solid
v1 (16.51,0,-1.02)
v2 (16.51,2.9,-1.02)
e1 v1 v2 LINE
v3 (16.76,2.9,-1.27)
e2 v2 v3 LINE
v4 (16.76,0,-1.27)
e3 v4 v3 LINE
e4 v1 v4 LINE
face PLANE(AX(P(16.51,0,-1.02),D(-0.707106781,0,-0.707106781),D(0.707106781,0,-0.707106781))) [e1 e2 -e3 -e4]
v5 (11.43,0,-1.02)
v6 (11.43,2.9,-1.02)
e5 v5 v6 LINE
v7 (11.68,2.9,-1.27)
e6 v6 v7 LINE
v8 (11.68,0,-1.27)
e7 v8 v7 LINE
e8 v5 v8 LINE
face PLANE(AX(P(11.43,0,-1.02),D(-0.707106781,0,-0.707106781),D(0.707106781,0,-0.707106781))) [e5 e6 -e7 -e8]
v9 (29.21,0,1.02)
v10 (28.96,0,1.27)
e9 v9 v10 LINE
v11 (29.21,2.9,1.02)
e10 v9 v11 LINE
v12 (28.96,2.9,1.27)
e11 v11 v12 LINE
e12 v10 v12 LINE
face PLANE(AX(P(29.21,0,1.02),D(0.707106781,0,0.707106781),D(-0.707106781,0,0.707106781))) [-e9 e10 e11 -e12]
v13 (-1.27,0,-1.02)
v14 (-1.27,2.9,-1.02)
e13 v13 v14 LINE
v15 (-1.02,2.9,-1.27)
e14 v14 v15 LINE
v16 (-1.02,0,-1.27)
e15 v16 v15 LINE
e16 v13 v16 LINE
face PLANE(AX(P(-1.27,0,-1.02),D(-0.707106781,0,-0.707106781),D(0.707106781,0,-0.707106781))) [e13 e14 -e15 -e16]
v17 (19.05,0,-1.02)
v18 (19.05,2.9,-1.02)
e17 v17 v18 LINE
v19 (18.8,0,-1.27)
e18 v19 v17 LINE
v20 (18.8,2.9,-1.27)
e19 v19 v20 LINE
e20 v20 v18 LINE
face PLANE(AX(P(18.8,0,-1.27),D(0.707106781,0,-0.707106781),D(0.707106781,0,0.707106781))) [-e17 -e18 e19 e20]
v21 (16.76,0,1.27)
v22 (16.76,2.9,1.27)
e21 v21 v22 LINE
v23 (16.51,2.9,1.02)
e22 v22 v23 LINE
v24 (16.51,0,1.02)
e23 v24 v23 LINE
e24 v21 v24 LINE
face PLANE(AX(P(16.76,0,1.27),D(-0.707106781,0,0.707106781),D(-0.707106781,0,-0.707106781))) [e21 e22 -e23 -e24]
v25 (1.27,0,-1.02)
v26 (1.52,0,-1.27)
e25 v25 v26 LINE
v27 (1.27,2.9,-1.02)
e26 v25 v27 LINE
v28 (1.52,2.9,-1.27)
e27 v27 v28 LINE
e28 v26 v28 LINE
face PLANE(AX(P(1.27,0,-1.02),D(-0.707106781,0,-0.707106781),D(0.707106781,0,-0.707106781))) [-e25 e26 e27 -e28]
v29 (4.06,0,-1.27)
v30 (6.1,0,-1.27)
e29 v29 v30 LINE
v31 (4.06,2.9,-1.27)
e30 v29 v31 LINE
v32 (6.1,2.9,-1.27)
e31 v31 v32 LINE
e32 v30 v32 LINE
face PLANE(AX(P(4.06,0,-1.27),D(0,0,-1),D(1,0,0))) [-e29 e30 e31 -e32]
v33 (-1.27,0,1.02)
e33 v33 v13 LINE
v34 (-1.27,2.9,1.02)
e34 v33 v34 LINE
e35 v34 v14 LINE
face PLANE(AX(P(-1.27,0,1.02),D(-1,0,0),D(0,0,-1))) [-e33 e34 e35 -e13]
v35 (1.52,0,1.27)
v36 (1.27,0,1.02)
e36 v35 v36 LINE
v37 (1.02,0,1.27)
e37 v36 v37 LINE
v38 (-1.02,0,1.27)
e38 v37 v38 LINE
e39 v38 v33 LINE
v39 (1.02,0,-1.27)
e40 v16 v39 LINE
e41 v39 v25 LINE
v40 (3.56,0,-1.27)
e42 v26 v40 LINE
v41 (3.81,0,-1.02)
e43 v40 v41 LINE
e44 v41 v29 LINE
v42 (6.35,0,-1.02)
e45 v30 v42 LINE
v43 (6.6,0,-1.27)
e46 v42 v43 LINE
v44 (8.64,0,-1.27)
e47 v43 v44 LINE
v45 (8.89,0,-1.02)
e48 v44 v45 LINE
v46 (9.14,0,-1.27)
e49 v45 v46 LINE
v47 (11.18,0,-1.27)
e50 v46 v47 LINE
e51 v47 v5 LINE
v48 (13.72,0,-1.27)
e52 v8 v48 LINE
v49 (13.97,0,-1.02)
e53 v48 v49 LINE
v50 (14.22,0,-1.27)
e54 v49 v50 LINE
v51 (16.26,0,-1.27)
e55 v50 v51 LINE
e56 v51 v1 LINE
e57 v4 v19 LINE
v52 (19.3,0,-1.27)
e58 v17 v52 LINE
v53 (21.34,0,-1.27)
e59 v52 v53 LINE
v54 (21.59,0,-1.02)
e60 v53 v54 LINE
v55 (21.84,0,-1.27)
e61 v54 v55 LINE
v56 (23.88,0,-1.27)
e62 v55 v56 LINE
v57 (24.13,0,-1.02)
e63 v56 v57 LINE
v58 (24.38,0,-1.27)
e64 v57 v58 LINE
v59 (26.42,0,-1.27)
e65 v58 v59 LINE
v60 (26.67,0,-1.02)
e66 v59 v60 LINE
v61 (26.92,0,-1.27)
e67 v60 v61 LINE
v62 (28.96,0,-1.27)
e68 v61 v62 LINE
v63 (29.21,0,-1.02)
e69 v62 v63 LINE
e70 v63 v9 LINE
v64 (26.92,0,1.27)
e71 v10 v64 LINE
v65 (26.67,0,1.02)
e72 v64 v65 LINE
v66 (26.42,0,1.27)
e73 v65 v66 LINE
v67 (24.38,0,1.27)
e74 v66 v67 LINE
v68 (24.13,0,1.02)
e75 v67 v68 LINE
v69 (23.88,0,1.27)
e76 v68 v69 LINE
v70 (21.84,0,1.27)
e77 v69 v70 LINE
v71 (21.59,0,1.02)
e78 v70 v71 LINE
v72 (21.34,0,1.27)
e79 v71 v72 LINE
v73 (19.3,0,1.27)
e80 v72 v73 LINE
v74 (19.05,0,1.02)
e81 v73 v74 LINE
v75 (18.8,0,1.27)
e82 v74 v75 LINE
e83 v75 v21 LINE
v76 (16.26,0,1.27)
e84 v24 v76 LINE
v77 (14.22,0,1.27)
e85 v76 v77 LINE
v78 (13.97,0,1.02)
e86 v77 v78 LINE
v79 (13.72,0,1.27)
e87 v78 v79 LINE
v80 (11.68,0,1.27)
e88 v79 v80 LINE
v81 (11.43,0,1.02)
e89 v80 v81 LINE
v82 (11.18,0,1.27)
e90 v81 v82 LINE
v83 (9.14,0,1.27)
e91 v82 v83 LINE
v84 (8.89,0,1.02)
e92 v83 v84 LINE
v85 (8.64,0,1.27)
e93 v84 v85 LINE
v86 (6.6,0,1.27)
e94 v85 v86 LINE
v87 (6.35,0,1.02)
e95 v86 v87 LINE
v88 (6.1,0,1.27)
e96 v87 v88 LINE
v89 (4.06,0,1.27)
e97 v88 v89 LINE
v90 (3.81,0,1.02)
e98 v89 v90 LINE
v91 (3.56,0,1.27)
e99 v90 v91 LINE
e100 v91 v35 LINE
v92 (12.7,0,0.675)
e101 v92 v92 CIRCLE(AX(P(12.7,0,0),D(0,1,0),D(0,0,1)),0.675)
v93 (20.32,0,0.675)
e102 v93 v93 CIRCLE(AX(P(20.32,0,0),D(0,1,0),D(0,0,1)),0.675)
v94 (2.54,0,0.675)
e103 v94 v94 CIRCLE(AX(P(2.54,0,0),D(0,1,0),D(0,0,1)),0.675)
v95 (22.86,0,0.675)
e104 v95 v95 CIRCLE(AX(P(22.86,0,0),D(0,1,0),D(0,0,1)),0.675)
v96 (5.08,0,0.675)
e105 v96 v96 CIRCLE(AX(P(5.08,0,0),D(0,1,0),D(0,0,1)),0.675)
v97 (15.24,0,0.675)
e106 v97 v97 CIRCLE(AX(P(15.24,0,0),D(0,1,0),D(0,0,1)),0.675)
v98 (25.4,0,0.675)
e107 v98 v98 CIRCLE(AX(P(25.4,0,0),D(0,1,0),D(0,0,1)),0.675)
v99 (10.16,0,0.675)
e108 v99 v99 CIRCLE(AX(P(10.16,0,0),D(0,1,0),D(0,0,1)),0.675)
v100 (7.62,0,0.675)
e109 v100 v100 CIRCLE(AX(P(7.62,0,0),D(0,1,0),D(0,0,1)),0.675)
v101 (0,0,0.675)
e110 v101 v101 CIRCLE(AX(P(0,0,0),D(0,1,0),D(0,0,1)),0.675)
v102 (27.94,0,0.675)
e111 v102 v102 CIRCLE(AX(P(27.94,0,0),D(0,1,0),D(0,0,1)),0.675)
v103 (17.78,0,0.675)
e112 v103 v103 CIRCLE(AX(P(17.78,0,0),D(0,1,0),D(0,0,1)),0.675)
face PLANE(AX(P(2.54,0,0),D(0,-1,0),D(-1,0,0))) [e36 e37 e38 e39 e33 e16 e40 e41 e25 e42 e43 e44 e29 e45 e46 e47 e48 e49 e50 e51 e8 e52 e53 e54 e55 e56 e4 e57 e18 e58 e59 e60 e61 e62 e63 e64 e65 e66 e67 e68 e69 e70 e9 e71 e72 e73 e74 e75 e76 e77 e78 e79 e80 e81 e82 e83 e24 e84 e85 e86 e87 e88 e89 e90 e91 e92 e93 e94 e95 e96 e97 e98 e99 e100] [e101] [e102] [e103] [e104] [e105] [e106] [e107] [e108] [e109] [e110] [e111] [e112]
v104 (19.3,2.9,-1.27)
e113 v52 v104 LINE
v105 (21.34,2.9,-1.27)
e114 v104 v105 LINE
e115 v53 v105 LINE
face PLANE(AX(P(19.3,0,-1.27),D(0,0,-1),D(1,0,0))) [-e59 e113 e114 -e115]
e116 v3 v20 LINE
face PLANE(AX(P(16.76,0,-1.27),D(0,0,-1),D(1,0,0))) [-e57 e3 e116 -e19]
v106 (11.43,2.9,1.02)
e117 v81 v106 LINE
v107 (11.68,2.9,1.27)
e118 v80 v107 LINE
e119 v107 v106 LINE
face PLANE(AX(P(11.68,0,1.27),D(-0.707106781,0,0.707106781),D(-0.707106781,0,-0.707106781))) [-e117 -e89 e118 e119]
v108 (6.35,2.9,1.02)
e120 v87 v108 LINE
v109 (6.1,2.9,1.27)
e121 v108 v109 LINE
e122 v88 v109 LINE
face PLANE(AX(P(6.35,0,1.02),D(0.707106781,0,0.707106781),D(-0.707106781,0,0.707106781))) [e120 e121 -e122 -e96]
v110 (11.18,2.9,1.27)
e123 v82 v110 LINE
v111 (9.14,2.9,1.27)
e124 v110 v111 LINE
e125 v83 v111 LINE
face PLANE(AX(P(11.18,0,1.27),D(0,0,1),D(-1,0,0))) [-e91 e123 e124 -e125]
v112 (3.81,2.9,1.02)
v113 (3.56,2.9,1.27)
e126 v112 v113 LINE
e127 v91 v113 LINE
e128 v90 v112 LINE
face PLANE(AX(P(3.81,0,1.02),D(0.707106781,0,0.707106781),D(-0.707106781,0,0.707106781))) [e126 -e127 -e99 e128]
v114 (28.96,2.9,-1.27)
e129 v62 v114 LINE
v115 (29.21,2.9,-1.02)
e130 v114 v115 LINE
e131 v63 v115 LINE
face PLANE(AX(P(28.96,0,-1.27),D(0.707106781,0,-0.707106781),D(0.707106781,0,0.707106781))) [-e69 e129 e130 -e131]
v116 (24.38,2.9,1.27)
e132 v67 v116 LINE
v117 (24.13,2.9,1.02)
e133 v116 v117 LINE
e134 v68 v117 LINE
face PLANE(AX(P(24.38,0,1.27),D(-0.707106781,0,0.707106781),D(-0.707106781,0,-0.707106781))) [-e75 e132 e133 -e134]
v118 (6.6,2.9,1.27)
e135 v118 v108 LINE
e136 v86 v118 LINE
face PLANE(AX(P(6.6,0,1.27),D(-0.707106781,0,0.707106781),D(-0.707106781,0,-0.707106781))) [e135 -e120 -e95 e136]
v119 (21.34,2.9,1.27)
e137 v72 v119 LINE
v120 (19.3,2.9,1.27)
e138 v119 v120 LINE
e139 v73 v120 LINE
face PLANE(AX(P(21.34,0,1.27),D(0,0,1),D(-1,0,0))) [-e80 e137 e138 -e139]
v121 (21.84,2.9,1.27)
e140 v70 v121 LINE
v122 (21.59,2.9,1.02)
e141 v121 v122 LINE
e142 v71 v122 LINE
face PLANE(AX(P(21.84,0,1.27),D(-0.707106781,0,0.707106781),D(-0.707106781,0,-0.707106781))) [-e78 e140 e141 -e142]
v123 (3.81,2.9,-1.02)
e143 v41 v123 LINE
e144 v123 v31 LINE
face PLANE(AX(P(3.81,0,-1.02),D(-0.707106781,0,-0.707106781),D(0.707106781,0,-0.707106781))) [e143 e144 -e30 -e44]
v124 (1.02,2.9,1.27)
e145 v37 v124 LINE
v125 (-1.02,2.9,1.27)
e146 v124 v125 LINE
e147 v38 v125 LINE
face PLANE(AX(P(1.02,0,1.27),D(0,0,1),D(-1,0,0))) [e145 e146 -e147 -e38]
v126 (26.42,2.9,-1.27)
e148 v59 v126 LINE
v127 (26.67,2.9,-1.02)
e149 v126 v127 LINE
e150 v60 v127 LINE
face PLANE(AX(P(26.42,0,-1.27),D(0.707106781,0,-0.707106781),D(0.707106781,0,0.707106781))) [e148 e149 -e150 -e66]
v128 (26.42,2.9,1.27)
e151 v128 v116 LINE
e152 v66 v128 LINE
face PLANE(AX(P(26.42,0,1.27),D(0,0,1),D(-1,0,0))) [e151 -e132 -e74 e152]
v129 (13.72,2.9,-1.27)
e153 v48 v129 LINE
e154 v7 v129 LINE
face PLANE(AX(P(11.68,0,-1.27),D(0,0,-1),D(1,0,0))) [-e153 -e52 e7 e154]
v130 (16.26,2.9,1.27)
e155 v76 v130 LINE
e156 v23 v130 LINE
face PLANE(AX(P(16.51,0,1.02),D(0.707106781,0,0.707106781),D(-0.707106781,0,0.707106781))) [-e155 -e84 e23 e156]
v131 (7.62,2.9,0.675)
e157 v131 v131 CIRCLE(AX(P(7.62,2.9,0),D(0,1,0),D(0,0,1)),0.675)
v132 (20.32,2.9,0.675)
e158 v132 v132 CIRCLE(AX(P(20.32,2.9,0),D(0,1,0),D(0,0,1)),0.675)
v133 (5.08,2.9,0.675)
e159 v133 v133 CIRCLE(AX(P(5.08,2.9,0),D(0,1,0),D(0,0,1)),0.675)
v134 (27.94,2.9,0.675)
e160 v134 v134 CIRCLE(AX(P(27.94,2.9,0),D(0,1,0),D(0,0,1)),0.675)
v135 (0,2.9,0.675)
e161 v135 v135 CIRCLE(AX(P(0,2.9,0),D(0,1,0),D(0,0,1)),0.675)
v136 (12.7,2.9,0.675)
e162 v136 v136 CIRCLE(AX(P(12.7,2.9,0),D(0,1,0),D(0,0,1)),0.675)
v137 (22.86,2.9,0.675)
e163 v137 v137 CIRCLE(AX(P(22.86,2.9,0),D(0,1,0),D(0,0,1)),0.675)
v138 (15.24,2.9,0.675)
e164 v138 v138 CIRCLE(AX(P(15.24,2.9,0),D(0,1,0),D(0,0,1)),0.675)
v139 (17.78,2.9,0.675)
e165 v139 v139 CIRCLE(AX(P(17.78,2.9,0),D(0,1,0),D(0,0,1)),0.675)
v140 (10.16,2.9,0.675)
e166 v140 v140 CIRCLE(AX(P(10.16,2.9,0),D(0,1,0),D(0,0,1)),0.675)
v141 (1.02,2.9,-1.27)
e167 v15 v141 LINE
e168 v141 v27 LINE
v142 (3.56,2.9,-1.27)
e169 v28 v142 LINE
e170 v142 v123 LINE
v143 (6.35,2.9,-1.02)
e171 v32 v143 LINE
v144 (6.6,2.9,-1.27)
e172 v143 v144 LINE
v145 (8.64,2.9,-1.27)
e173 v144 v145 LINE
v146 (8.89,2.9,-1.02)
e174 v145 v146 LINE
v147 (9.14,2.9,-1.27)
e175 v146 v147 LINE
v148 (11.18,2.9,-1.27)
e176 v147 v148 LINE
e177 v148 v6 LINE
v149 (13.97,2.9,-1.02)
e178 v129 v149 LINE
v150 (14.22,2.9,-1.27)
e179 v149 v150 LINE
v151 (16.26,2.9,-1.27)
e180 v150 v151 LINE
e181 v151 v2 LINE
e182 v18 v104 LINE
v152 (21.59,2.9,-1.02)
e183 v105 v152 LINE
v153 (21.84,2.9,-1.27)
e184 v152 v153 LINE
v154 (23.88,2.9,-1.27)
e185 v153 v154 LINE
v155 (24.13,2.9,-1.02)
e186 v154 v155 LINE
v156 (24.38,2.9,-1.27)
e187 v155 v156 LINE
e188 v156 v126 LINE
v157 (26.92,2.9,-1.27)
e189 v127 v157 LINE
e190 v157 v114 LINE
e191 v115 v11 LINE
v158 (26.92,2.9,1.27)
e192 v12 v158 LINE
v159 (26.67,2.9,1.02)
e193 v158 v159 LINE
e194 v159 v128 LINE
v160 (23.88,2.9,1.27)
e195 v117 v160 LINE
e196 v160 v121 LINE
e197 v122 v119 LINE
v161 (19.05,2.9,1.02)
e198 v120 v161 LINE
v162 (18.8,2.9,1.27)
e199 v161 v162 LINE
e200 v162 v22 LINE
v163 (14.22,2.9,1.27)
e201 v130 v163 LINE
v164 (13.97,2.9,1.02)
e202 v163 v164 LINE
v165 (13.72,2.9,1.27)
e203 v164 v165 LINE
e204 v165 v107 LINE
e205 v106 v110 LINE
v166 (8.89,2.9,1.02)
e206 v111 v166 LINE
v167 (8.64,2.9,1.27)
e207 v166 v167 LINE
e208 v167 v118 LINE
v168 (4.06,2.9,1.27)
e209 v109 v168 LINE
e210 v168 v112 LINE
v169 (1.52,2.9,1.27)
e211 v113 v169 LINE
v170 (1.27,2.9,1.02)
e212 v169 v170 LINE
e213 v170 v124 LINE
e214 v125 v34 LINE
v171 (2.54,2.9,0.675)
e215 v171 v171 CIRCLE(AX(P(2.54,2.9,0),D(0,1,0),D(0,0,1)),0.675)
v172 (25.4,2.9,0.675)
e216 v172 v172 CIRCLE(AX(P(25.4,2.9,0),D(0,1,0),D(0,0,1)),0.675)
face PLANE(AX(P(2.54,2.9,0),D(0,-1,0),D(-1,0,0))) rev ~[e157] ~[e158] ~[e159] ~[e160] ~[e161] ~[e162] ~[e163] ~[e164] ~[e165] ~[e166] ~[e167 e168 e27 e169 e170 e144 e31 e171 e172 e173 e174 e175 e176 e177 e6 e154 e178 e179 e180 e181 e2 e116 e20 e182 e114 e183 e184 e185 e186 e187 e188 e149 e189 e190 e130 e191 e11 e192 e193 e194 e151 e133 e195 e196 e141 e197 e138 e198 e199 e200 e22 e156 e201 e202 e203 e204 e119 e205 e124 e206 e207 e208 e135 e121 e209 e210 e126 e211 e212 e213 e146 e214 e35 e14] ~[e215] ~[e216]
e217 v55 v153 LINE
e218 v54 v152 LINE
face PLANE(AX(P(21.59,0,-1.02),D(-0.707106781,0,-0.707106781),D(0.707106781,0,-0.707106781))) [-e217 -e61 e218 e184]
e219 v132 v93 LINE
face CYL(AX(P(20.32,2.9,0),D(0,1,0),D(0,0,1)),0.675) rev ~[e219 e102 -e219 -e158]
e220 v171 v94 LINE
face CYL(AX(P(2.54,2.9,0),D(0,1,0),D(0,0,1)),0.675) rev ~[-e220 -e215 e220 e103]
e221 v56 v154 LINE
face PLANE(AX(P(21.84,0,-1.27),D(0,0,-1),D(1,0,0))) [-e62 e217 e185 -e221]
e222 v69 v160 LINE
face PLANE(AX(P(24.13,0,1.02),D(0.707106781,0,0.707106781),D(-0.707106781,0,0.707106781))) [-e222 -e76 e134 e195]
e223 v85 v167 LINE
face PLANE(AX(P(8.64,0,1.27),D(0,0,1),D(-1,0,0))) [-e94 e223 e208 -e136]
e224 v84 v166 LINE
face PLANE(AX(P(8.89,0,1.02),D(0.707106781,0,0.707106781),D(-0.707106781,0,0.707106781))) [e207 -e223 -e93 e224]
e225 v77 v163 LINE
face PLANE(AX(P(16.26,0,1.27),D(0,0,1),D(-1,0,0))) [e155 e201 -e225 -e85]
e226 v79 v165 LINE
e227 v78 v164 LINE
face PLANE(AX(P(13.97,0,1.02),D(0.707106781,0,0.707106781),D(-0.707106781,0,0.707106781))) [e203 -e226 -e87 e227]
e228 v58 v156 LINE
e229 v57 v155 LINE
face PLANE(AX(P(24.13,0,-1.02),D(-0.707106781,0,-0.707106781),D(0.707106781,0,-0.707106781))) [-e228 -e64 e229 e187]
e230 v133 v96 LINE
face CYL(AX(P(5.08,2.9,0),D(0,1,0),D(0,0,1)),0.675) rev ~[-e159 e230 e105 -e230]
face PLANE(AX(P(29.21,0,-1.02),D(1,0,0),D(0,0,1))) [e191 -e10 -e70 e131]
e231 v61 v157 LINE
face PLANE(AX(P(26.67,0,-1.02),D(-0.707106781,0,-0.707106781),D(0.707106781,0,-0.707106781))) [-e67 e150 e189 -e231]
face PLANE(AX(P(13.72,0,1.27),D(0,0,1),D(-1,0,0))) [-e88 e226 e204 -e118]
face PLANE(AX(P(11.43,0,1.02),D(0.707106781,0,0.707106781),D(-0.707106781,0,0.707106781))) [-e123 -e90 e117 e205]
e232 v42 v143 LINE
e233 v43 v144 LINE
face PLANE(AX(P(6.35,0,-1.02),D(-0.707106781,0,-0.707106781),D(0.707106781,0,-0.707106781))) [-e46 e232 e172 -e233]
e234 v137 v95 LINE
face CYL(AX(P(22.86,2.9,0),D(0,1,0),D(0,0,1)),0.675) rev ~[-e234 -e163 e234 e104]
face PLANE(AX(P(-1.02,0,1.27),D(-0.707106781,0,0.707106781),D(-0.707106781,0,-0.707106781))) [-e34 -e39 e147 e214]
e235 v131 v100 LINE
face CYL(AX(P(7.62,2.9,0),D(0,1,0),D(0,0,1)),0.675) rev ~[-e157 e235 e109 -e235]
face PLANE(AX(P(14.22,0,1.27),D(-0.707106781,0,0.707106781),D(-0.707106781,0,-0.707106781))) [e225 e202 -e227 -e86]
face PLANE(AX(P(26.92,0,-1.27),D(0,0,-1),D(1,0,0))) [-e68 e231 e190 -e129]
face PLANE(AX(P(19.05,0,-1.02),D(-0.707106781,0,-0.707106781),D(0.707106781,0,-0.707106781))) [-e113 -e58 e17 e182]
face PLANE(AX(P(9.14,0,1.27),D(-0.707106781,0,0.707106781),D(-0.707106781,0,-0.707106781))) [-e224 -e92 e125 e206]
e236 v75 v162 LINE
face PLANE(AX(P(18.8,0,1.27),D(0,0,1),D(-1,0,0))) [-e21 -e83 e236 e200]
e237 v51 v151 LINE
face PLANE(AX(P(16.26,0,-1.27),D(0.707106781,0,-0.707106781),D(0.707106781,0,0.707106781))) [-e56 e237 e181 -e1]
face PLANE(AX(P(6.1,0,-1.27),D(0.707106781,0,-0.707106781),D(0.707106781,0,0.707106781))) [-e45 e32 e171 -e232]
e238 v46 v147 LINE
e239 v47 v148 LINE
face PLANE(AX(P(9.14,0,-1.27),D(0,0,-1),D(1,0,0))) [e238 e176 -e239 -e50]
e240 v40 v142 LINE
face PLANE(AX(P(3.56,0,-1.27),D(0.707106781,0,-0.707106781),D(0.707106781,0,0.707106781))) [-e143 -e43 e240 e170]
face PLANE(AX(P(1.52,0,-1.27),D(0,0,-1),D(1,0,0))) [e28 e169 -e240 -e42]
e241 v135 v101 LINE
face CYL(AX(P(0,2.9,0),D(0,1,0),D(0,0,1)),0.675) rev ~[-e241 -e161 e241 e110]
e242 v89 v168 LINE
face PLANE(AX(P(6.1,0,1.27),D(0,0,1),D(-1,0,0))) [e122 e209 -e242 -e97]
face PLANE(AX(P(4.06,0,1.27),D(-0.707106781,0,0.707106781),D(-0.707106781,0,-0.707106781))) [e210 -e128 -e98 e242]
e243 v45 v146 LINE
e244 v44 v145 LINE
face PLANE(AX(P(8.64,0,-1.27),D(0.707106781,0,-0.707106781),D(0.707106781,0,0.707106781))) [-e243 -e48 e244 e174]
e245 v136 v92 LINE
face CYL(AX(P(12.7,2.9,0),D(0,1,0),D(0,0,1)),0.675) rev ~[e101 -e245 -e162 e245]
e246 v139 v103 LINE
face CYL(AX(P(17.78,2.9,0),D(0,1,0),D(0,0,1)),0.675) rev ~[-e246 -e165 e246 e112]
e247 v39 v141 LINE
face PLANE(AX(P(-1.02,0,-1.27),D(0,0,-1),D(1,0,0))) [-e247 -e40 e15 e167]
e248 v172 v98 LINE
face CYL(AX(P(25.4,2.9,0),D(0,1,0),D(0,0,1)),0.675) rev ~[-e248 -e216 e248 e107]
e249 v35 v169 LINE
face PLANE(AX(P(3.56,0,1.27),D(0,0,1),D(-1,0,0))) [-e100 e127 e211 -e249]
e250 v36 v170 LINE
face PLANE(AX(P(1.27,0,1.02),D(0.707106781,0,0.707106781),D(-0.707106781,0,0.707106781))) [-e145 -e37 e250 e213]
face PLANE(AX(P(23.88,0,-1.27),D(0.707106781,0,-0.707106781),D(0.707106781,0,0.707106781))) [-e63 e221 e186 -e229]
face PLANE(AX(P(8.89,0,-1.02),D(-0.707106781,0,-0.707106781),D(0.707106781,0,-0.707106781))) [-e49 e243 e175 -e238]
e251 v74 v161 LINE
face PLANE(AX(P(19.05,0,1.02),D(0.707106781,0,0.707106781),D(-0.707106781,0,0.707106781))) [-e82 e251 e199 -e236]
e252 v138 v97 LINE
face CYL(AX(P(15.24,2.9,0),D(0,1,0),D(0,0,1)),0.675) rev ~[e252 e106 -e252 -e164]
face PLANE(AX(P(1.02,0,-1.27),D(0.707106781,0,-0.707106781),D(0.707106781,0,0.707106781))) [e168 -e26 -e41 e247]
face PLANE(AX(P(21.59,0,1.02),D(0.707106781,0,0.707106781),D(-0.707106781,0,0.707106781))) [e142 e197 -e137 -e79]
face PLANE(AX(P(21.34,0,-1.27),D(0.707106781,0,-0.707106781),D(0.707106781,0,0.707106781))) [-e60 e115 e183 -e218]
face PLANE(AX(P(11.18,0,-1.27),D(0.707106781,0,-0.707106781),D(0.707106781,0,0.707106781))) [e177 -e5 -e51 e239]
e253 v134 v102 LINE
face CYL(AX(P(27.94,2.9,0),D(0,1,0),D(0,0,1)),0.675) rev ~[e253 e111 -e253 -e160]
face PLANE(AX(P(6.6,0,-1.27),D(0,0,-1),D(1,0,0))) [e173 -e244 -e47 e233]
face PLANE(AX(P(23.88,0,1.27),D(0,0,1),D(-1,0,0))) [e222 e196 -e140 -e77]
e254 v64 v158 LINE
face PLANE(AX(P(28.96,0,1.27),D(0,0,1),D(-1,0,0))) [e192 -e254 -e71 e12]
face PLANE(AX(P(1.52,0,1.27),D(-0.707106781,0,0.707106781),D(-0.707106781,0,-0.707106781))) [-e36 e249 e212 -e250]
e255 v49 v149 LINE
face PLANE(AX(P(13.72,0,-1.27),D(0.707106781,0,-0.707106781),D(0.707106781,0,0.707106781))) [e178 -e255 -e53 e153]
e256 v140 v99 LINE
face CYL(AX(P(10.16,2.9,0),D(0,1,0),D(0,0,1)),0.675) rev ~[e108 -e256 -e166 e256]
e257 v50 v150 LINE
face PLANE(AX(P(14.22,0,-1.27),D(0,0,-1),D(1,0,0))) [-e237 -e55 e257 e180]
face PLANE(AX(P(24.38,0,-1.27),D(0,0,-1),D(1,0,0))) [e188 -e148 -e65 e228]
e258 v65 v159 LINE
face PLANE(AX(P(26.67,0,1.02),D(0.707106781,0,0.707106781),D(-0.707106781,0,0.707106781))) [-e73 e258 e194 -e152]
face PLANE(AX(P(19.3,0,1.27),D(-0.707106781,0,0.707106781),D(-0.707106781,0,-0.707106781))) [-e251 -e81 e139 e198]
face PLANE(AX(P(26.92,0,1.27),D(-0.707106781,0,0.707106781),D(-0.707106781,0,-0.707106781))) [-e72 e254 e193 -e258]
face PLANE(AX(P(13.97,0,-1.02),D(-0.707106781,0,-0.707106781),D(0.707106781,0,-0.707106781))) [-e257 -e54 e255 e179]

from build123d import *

# Parameters (mm, degrees)
BOSS_EXTRUDE1_DEPTH = 2.9
SKETCH3_R           = 0.675
CUT_EXTRUDE1_DEPTH  = 3
LPATTERN1_COUNT     = 12
LPATTERN1_PITCH     = 2.54


with BuildPart() as part:
    # Sketch2 → Boss-Extrude1 (new body)
    with BuildSketch(Plane(origin=(0, 0, 0), x_dir=(1, 0, 0), z_dir=(0, 1, 0))):
        Polygon((-1.02, 1.27), (1.02, 1.27), (1.27, 1.02), (1.27, -1.02), (1.02, -1.27), (-1.02, -1.27), (-1.27, -1.02), (-1.27, 1.02), align=None)
    boss_extrude1 = extrude(amount=BOSS_EXTRUDE1_DEPTH)

    # Sketch3 → Cut-Extrude1 (cut)
    with BuildSketch(Plane(origin=(0, 2.9, 0), x_dir=(1, 0, 0), z_dir=(0, 1, 0))):
        with Locations(Location((0, 0, 0), (0, 0, 270))):
            Circle(SKETCH3_R)
    cut_extrude1 = extrude(amount=-CUT_EXTRUDE1_DEPTH, mode=Mode.SUBTRACT)

    # LPattern1: Boss-Extrude1, Cut-Extrude1 ×12
    with Locations(*[(i * LPATTERN1_PITCH, 0, 0) for i in range(1, LPATTERN1_COUNT)]):
        add(boss_extrude1)
        add(cut_extrude1, mode=Mode.SUBTRACT)


solid = part.part
